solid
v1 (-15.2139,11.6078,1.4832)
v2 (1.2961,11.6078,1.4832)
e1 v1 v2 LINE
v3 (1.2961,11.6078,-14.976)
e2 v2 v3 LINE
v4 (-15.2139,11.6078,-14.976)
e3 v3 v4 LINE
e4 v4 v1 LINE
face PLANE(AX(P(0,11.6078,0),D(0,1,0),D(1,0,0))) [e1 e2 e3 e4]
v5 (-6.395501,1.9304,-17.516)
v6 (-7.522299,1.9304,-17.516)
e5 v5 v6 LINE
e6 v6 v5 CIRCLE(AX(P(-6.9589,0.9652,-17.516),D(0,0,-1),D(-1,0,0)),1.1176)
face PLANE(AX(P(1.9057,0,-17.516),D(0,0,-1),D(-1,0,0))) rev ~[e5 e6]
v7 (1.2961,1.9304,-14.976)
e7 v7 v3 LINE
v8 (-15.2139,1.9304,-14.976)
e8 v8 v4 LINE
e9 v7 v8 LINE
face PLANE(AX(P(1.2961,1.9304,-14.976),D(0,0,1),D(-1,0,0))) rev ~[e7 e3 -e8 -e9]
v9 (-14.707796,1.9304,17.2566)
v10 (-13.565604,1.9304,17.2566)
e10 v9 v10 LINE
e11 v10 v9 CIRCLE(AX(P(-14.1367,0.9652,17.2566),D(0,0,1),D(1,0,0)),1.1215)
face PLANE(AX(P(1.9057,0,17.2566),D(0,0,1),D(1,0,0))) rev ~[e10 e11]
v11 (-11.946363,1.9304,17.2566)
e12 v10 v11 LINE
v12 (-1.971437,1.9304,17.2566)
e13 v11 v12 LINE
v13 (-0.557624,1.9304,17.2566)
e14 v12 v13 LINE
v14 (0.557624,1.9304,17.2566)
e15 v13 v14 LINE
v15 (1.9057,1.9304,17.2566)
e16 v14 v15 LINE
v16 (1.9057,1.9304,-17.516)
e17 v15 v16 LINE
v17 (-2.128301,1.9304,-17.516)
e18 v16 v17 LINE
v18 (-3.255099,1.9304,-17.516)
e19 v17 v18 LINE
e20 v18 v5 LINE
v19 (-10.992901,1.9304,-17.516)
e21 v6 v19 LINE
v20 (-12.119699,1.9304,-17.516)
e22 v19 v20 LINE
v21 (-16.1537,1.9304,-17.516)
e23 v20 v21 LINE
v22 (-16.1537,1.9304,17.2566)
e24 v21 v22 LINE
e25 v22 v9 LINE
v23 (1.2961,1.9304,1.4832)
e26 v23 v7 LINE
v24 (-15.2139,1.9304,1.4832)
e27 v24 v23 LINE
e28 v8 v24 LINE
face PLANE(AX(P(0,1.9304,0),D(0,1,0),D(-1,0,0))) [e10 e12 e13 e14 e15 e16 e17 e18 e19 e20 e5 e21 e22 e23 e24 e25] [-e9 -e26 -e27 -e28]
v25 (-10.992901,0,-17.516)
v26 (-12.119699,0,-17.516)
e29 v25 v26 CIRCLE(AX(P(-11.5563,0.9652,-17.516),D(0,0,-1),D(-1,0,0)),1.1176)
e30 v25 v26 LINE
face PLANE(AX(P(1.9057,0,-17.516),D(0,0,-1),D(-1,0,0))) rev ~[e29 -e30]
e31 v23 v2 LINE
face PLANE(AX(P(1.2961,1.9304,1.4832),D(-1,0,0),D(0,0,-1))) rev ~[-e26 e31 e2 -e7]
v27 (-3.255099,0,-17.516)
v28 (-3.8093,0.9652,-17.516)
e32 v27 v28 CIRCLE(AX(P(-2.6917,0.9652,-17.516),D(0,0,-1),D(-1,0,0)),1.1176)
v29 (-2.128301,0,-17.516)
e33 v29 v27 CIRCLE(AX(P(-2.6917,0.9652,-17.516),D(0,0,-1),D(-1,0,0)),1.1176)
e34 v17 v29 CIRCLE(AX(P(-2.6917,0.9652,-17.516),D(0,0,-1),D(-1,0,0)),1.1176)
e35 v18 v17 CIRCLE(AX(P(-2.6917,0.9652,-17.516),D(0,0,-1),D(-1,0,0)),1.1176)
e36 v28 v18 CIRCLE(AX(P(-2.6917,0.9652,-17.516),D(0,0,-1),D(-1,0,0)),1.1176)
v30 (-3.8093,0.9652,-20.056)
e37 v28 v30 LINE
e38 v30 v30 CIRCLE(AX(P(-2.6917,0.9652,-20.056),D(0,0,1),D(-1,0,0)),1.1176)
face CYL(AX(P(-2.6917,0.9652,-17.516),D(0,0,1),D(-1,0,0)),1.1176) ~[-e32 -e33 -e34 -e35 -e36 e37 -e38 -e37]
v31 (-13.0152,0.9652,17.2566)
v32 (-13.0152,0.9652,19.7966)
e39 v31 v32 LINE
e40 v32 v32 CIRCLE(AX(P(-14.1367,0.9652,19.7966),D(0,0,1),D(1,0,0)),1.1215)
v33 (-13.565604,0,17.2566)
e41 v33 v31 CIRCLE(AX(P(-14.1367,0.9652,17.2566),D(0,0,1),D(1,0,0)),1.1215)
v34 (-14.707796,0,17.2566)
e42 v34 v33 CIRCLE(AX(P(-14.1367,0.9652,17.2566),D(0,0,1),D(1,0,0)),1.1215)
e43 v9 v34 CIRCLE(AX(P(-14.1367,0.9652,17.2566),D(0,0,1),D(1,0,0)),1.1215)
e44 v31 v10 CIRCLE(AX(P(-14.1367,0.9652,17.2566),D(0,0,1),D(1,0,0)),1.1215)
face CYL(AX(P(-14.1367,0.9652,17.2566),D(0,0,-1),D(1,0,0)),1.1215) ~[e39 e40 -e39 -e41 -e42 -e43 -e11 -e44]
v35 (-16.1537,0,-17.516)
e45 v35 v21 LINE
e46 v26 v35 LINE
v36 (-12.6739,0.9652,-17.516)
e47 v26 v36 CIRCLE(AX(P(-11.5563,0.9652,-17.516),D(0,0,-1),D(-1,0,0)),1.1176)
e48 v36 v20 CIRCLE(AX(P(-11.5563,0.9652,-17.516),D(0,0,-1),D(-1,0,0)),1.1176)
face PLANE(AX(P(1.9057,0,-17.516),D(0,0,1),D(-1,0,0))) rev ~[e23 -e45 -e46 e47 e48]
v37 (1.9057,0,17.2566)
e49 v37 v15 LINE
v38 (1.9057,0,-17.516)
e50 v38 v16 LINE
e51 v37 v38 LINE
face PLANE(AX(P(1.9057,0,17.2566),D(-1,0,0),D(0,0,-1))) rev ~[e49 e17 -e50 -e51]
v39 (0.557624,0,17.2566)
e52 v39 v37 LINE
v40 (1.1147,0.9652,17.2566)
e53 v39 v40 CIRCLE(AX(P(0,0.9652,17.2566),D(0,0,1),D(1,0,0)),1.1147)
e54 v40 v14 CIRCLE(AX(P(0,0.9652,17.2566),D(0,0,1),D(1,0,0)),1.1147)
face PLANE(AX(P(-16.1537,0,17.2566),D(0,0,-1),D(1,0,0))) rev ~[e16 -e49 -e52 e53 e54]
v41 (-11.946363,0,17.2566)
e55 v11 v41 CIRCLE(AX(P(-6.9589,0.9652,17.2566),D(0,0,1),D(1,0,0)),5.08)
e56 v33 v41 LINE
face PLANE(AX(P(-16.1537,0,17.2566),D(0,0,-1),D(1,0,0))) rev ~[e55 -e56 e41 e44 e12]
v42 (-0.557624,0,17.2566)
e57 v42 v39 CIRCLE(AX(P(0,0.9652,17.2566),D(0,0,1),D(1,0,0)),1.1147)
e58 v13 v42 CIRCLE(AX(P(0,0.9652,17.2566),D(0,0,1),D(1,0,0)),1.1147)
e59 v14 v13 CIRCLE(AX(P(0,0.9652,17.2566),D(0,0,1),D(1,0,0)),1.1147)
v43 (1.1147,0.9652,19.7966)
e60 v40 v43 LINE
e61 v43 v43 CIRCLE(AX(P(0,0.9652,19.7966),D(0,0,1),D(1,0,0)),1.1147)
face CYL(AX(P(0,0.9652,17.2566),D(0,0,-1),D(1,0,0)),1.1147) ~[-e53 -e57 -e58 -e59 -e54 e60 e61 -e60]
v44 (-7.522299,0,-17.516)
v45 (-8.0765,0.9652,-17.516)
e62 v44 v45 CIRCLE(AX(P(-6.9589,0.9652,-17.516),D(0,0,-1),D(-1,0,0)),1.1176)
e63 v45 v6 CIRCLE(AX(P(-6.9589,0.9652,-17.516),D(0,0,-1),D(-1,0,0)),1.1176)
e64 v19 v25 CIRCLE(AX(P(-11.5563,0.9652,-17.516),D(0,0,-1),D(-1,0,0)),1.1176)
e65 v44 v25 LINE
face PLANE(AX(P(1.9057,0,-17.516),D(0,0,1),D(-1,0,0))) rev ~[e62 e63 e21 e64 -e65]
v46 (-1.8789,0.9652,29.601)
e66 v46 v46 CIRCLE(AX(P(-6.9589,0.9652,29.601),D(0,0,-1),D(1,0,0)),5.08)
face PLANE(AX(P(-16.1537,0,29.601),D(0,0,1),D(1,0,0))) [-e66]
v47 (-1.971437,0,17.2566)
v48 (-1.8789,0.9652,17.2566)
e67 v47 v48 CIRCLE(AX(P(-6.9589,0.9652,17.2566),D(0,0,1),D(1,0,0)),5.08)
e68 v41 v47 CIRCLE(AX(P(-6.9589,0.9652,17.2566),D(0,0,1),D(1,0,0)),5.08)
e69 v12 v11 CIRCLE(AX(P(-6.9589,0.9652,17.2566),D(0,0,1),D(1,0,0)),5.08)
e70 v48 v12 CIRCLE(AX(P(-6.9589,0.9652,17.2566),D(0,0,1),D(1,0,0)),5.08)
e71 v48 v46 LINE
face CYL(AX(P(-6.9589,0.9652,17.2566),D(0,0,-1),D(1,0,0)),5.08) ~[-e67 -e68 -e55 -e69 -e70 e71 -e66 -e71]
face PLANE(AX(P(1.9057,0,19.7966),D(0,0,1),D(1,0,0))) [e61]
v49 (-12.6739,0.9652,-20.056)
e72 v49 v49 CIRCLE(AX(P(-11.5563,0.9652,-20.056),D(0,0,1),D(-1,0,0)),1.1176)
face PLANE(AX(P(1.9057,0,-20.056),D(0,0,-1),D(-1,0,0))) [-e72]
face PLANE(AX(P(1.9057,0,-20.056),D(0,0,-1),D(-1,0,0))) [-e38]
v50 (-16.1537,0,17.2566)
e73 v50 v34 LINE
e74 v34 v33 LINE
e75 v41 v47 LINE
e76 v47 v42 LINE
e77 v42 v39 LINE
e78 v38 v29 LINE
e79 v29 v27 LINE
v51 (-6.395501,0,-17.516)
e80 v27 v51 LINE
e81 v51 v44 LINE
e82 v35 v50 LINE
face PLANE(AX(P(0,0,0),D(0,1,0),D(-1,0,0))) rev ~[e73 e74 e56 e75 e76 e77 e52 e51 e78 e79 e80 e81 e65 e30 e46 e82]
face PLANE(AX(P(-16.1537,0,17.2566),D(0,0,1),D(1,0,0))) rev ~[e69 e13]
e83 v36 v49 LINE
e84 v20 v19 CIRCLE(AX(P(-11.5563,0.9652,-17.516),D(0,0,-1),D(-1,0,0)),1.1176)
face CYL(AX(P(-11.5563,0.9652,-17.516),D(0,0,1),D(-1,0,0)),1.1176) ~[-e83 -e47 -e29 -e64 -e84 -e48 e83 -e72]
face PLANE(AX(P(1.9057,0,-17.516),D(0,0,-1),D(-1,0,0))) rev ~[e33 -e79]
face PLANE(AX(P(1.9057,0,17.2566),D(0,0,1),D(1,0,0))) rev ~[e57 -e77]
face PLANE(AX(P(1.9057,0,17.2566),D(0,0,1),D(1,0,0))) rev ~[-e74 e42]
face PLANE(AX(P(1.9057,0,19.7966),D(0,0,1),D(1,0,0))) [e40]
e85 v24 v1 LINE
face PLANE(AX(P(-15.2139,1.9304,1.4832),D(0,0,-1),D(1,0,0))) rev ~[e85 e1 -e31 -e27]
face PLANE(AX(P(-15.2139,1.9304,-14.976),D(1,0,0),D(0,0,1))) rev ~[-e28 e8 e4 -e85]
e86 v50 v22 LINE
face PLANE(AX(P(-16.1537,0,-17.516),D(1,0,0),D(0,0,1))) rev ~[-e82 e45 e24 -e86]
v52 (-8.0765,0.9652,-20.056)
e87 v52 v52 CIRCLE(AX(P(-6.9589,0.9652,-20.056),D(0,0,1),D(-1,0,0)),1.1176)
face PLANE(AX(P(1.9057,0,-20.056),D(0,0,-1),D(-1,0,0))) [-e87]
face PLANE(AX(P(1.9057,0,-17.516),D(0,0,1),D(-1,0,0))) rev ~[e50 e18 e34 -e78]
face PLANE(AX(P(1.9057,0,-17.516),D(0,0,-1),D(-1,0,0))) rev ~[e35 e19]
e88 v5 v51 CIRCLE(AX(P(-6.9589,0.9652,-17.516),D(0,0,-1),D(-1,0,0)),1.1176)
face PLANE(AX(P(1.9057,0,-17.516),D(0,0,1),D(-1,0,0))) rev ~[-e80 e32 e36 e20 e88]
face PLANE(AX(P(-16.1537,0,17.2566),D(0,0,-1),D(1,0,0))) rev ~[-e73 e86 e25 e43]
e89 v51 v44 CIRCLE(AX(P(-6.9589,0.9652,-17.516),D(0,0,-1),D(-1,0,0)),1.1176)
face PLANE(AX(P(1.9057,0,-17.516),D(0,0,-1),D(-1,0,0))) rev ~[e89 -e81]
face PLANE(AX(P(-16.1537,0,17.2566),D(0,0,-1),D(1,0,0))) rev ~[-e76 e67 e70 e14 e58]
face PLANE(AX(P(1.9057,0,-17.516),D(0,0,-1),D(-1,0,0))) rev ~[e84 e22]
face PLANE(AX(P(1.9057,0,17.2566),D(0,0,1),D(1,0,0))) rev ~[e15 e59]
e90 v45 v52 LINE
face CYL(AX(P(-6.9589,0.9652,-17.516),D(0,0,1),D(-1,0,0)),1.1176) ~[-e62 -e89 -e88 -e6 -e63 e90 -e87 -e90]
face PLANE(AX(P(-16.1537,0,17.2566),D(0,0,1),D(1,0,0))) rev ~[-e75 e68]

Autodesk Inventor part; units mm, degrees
ref_plane "YZ Plane" through (0, 0, 0) normal (1, 0, 0) x (0, 1, 0)
ref_plane "XZ Plane" through (0, 0, 0) normal (0, 1, 0) x (-1, 0, 0)
ref_plane "XY Plane" through (0, 0, 0) normal (0, 0, 1) x (1, 0, 0)
sketch "Sketch1" plane through (0, 0, 0) normal (0, 1, 0) x (-1, 0, 0)
  line L0 (16.1537, 17.2566) -> (-1.9057, 17.2566)
  line L1 (-1.9057, 17.2566) -> (-1.9057, -17.516)
  line L2 (-1.9057, -17.516) -> (16.1537, -17.516)
  line L3 (16.1537, -17.516) -> (16.1537, 17.2566)
  point P0 (0, 0)
  dimension "d0" = 34.7726
  dimension "d1" = 18.0594
extrude "Extrusion1" add sketch "Sketch1" along normal blind 1.9304
sketch "Sketch2" plane through (0, 1.9304, 0) normal (0, 1, 0) x (1, 0, 0)
  line L0 (-15.2139, -1.4832) -> (1.2961, -1.4832)
  line L1 (1.2961, -1.4832) -> (1.2961, 14.976)
  line L2 (1.2961, 14.976) -> (-15.2139, 14.976)
  line L3 (-15.2139, 14.976) -> (-15.2139, -1.4832)
  line L4 (1.9057, -17.2566) -> (1.9057, 17.516) projected
  line L5 (1.9057, 17.516) -> (-16.1537, 17.516) projected
  line L6 (-16.1537, -17.2566) -> (1.9057, -17.2566) projected
  point P0 (0, 0)
  dimension "d4" = 16.4592
  dimension "d5" = 16.51
  dimension "d6" = 0.6096
  dimension "d9" = 15.7734
extrude "Extrusion2" add sketch "Sketch2" along normal blind 9.6774
sketch "Sketch3" plane through (-16.1537, 0, 17.2566) normal (0, 0, 1) x (1, 0, 0)
  line L0 (17.4498, 1.9304) -> (0.9398, 1.9304) projected
  line L1 (9.1948, 1.9304) -> (9.1948, -4.4517)
  line L2 (18.0594, 0) -> (18.0594, 1.9304) projected
  line L3 (18.0594, 0.9652) -> (-4.716, 0.9652)
  circle A0 centre (9.1948, 0.9652) radius 5.08
  point P0 (16.1537, 0)
  dimension "d12" = 10.16
extrude "Extrusion3" add sketch "Sketch3" along normal blind 12.3444
sketch "Sketch4" plane through (1.9057, 0, -17.516) normal (0, 0, -1) x (-1, 0, 0)
  line L0 (0, 0) -> (0, 1.9304) projected
  line L1 (0, 0.9652) -> (18.0594, 0.9652)
  line L2 (18.0594, 0) -> (18.0594, 1.9304) projected
  line L3 (13.8521, 1.9304) -> (3.8771, 1.9304) projected
  line L4 (8.8646, 1.9304) -> (8.8646, -5.2451)
  line L5 (18.0594, 1.3992) -> (13.462, 1.3992)
  line L6 (13.462, 1.9304) -> (13.462, -4.7459)
  line L7 (0, 1.6034) -> (4.5974, 1.6034)
  line L8 (4.5974, 1.9304) -> (4.5974, -5.3585)
  circle A0 centre (4.5974, 0.9652) radius 1.1176
  circle A1 centre (8.8646, 0.9652) radius 1.1176
  circle A2 centre (13.462, 0.9652) radius 1.1176
  point P0 (1.9057, 0)
  dimension "d15" = 9.1948
  dimension "d16" = 4.5974
  dimension "d17" = 4.5974
  dimension "d18" = 2.2352
  dimension "d19" = 2.2352
  dimension "d20" = 2.2352
extrude "Extrusion4" add sketch "Sketch4" along normal blind 2.54 contours A0 L7 L8 L1 | L1 L8 A0 | A0 L3 L8 L7 | L8 L3 A0 L1 | L1 A0 L8 | A0 L3 | A1 L3 L4 L1 | L1 L4 A1 | A1 L3 | L4 L3 A1 L1 | L1 A1 L4 | A2 L5 L6 L3 | L3 L6 L1 A2 | L1 L6 A2 | A2 L1 L6 L5 | L1 A2 L6
sketch "Sketch5" plane through (1.9057, 0, 17.2566) normal (0, 0, 1) x (1, 0, 0)
  circle A0 centre (-1.9057, 0.9652) radius 1.1147
  circle A1 centre (-16.0424, 0.9652) radius 1.1215
  point P0 (-1.9057, 0)
extrude "Extrusion5" add sketch "Sketch5" along normal blind 2.54
equation "\"d19\" = d18"
equation "\"d20\" = d18"
properties part number "Motor Driver"
